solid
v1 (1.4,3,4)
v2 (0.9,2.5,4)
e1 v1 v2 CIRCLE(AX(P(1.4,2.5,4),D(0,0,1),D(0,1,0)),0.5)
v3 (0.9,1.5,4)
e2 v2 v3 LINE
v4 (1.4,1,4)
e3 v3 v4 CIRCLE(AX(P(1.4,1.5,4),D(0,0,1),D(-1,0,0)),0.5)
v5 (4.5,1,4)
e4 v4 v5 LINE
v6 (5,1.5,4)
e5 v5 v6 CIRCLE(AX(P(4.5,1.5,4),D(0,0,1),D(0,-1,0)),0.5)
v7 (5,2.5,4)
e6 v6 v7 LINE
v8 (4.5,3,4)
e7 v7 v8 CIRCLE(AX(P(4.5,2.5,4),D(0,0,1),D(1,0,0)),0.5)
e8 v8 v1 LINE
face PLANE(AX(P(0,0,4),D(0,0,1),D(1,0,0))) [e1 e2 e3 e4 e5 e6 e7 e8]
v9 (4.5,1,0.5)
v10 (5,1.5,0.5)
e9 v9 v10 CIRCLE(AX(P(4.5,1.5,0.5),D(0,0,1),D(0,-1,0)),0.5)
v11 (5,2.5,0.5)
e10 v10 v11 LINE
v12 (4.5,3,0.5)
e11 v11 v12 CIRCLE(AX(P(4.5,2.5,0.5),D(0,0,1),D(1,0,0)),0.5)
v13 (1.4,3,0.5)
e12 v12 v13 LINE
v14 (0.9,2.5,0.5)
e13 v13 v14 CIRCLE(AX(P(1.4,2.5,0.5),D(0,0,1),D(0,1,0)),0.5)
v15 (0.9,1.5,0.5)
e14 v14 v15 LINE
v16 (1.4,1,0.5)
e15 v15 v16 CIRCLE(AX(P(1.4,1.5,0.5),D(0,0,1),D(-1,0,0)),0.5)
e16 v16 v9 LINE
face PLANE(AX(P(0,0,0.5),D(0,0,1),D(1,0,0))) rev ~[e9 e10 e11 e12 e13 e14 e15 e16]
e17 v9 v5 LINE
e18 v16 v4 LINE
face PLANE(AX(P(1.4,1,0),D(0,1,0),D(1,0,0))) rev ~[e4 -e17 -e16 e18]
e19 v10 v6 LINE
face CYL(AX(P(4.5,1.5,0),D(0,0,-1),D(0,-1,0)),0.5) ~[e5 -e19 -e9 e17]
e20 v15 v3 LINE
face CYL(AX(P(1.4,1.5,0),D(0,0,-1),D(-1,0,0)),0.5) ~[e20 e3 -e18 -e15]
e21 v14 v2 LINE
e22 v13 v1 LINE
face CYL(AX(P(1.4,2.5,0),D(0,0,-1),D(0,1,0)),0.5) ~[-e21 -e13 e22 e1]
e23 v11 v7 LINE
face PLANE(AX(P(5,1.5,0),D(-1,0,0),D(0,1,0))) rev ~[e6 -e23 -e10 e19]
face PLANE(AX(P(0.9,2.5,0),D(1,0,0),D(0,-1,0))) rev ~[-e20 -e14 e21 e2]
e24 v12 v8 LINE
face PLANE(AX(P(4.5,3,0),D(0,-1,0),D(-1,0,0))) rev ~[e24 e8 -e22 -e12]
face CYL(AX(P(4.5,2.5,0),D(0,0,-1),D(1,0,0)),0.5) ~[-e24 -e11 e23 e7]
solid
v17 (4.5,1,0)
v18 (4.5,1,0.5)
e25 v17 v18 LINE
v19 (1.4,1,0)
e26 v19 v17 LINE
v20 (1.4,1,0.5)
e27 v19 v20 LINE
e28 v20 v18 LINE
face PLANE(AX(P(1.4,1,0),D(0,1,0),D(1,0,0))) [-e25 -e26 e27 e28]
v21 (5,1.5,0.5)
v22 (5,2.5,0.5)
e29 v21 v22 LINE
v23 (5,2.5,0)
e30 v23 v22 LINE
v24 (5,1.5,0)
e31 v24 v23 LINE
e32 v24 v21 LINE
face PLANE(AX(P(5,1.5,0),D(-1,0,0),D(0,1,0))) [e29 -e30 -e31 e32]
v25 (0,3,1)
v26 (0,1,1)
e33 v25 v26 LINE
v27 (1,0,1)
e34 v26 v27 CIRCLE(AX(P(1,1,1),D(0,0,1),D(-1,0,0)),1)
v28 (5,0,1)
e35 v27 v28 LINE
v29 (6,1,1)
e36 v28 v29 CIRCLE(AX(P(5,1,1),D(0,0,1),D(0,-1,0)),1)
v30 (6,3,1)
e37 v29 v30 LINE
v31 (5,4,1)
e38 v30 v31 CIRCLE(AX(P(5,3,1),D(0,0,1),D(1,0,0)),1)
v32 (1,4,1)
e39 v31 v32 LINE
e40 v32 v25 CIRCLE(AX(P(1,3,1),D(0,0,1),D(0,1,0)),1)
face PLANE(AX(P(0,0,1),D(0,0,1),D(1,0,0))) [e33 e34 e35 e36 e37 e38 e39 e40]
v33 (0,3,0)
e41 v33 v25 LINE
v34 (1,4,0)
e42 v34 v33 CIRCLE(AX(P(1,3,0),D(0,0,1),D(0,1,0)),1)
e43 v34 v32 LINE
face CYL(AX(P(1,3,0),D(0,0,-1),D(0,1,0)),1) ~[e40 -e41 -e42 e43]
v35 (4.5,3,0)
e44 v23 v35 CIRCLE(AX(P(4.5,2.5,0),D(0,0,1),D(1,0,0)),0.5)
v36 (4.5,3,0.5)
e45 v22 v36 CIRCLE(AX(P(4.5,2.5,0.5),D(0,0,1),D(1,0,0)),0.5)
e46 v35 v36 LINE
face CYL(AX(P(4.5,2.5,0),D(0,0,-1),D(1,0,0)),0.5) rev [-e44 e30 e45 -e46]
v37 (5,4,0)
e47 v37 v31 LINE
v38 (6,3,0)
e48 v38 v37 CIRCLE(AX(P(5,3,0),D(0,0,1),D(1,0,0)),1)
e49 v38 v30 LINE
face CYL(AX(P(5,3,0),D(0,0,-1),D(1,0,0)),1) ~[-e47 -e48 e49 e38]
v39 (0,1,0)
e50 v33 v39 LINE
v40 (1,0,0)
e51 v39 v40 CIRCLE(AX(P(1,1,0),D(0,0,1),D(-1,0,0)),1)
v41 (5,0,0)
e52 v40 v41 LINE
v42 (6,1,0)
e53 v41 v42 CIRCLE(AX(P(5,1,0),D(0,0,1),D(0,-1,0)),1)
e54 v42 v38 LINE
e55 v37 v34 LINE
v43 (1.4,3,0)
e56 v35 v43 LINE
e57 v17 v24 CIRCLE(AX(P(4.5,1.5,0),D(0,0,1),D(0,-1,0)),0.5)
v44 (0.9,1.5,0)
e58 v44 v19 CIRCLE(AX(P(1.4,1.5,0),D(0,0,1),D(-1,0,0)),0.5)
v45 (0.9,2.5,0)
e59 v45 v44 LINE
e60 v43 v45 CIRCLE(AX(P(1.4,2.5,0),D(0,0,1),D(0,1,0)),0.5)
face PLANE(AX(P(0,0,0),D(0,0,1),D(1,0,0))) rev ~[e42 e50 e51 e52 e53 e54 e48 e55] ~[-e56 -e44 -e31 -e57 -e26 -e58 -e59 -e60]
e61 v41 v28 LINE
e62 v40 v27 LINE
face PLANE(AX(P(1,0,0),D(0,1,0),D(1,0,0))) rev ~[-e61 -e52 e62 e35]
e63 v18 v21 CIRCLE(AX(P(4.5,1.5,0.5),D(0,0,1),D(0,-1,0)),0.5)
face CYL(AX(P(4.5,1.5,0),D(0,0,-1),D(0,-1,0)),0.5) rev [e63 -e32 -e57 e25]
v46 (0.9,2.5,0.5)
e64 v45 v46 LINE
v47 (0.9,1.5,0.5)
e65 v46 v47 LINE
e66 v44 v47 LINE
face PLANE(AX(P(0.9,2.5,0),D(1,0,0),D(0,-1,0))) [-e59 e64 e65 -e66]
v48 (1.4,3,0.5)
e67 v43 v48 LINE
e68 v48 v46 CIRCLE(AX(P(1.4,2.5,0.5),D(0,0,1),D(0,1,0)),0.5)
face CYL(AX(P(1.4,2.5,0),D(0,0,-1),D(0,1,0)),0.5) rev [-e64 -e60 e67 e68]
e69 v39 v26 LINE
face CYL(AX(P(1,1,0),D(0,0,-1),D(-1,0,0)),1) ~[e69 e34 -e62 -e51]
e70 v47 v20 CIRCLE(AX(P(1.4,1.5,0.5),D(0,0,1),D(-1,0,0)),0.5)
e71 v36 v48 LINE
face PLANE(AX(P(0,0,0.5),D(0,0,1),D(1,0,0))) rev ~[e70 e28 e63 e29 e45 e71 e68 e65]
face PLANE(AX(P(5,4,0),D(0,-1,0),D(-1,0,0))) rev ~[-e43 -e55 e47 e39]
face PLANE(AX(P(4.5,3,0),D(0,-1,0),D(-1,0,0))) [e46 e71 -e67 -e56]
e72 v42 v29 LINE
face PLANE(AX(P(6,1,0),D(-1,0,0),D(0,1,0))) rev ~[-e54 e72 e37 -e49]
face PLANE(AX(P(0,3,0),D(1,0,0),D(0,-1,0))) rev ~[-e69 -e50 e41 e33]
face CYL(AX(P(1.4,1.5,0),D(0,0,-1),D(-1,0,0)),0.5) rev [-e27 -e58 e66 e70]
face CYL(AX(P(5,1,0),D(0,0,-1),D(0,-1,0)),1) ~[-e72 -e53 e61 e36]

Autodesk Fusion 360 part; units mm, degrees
sketch "草图1" plane through (0, 0, 0) normal (0, 0, 1) x (1, 0, 0)
  line L0 (1, 0) -> (5, 0)
  line L1 (6, 1) -> (6, 3)
  line L2 (5, 4) -> (1, 4)
  line L3 (0, 3) -> (0, 1)
  arc A0 (1, 4) -> (0, 3) centre (1, 3) ccw
  arc A1 (6, 3) -> (5, 4) centre (5, 3) ccw
  arc A2 (0, 1) -> (1, 0) centre (1, 1) ccw
  arc A3 (5, 0) -> (6, 1) centre (5, 1) ccw
  point P0 (6, 0)
  point P1 (0, 4)
  dimension "d1" = 6
  dimension "d2" = 4
  dimension "d3" = 1
  dimension "d4" = 1
  dimension "d5" = 1
  dimension "d6" = 1
extrude "拉伸1" add sketch "草图1" along normal blind 1 makes body 1
sketch "草图2" plane through (0, 0, 0) normal (0, 0, 1) x (1, 0, 0)
  line L0 (1.4, 1) -> (4.5, 1)
  line L1 (5, 1.5) -> (5, 2.5)
  line L2 (4.5, 3) -> (1.4, 3)
  line L3 (0.9, 2.5) -> (0.9, 1.5)
  arc A0 (1.4, 3) -> (0.9, 2.5) centre (1.4, 2.5) ccw
  arc A1 (5, 2.5) -> (4.5, 3) centre (4.5, 2.5) ccw
  arc A2 (0.9, 1.5) -> (1.4, 1) centre (1.4, 1.5) ccw
  arc A3 (4.5, 1) -> (5, 1.5) centre (4.5, 1.5) ccw
  dimension "d9" = 0.5
  dimension "d10" = 0.5
  dimension "d11" = 0.5
  dimension "d12" = 0.5
extrude "拉伸2" add sketch "草图2" along normal blind 4 separate body makes body 2
extrude "拉伸3" cut sketch "草图2" along normal blind 0.5 bodies 1 2
